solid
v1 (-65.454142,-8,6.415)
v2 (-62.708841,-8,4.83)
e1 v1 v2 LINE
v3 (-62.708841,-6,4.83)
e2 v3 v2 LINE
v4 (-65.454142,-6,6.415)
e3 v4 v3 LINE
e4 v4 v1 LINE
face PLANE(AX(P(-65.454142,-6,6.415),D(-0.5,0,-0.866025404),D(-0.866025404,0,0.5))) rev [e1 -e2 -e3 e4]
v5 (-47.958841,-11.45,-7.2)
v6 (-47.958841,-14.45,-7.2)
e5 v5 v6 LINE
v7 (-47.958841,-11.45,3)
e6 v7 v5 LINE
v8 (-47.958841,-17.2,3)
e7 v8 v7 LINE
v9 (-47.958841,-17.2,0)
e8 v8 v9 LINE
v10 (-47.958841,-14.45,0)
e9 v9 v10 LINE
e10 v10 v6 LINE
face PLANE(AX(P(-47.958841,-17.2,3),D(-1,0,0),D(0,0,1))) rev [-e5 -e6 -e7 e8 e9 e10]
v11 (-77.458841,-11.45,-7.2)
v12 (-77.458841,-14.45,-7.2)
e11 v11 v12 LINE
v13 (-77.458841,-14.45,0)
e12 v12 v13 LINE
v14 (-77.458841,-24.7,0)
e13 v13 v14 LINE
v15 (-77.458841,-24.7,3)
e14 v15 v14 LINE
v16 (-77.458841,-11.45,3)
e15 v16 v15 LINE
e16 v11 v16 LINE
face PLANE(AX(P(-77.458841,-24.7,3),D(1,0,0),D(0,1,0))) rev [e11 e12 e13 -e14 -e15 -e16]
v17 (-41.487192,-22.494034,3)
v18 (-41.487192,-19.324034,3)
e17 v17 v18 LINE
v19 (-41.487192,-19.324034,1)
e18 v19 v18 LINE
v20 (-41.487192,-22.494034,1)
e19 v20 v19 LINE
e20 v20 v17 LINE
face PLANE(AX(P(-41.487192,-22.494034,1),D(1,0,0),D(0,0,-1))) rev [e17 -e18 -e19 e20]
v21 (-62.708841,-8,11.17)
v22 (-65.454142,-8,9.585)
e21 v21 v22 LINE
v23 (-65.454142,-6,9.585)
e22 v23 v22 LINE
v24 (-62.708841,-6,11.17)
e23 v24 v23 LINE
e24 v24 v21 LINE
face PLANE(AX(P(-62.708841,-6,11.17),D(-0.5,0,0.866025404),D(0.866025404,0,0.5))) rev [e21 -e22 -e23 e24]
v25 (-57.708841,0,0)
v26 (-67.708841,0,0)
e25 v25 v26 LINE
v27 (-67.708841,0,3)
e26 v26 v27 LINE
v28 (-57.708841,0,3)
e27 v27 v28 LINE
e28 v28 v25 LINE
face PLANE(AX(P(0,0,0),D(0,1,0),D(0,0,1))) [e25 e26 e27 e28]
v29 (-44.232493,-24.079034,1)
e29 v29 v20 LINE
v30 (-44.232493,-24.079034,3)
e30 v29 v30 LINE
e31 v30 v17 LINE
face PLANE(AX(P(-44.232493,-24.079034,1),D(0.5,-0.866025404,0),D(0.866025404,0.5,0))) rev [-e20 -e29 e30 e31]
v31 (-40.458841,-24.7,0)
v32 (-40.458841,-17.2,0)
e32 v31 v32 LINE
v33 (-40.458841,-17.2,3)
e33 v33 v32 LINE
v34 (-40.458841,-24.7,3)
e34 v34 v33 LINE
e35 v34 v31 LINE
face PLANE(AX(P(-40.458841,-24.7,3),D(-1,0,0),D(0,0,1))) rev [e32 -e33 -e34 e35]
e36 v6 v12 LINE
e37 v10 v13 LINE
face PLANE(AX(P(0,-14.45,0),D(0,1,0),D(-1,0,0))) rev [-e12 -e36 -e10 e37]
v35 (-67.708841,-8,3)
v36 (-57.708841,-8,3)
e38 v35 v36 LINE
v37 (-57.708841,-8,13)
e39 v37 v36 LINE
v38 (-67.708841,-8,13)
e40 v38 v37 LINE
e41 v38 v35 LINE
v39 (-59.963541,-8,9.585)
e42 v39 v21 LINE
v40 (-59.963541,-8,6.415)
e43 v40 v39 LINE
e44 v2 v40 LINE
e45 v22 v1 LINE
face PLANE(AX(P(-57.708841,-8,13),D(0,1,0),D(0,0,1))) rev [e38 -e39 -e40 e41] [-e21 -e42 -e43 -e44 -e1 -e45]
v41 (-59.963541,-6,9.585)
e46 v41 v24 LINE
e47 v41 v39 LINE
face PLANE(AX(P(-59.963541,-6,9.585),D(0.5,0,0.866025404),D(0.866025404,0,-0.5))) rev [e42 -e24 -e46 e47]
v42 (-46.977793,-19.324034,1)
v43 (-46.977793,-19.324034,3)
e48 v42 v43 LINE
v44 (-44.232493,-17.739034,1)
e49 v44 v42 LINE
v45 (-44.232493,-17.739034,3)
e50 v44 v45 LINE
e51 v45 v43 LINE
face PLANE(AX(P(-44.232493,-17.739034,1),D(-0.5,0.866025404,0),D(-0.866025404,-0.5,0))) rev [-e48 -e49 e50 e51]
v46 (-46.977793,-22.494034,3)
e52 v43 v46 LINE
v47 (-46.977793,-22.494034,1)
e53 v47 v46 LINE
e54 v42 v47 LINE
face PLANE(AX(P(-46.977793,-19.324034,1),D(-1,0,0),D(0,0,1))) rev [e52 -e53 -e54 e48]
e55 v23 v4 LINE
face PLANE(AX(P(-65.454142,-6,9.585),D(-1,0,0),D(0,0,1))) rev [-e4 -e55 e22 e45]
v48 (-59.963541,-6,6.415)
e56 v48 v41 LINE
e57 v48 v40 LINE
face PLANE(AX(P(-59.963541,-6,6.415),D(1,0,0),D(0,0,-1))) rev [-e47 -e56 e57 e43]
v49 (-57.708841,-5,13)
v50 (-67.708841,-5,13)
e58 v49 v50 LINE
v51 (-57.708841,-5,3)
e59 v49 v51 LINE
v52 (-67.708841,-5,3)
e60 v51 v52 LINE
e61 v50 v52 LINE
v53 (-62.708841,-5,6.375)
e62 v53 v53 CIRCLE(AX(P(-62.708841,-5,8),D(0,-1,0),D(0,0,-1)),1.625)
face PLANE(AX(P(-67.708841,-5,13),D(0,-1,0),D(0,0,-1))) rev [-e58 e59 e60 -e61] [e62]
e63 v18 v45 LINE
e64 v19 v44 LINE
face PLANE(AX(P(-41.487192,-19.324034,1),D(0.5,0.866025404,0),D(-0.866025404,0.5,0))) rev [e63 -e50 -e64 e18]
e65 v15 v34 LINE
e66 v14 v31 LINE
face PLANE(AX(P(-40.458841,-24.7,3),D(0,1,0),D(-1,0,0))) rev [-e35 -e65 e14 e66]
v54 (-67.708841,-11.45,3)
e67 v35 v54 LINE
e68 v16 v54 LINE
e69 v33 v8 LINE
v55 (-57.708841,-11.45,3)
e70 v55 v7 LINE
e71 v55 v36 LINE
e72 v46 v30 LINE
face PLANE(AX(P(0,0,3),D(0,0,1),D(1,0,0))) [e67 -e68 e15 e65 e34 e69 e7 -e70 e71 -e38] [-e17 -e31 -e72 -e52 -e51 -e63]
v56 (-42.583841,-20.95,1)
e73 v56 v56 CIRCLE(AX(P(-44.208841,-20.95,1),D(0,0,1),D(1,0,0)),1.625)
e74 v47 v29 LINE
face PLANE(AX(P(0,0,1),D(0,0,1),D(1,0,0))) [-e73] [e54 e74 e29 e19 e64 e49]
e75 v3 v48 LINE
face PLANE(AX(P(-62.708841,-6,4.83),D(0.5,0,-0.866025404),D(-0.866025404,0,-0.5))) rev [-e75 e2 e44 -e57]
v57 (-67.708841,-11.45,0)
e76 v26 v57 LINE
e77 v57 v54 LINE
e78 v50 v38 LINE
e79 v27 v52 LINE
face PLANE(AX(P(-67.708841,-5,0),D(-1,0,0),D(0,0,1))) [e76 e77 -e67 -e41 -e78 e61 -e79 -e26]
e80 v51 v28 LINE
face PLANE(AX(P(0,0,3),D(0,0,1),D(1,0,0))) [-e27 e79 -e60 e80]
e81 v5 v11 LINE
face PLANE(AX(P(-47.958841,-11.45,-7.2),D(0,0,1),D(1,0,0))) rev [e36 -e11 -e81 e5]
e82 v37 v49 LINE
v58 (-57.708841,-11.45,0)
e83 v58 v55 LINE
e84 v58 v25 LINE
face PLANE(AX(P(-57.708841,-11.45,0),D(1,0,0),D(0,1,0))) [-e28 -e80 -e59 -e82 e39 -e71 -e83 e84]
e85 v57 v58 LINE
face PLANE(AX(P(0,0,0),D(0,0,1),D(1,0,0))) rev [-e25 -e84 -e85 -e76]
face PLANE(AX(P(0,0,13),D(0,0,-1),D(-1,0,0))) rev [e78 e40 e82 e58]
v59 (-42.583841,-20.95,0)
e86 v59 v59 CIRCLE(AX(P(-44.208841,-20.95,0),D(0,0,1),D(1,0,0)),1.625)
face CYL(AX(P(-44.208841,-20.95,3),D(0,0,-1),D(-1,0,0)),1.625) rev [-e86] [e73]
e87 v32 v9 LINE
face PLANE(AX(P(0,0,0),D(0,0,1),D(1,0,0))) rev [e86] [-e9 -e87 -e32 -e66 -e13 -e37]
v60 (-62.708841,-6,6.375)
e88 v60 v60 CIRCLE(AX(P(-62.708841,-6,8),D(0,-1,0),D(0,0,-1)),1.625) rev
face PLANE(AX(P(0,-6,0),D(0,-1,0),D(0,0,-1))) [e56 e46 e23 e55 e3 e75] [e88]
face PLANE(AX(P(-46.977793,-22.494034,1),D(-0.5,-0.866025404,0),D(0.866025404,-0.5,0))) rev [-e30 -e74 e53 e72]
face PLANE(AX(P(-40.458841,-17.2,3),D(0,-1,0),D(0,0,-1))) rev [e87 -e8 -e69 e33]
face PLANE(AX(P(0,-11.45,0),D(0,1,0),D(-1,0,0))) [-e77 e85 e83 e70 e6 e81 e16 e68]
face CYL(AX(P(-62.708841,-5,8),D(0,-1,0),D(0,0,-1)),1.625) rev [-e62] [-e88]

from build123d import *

# Parameters (mm, degrees)
CROQUIS1_R              = 1.625
SALIENTE_EXTRUIR1_DEPTH = 3
CORTAR_EXTRUIR1_DEPTH   = 2
CROQUIS4_W              = 29.5
CROQUIS4_H              = 10.2
SALIENTE_EXTRUIR2_DEPTH = 3
SALIENTE_EXTRUIR3_DEPTH = 3
CROQUIS7_W              = 10
CROQUIS7_H              = 3
SALIENTE_EXTRUIR4_DEPTH = 5
CROQUIS9_W              = 10
CROQUIS9_H              = 3
SALIENTE_EXTRUIR5_DEPTH = 10
CROQUIS10_R             = 1.625
CORTAR_EXTRUIR2_DEPTH   = 3
CORTAR_EXTRUIR3_DEPTH   = 2


with BuildPart() as part:
    # Croquis1 → Saliente-Extruir1 (new body)
    with BuildSketch(Plane.XY):
        Polygon((-40.458841365, -24.7), (-77.458841365, -24.7), (-77.458841365, -14.45), (-47.958841365, -14.45), (-47.958841365, -17.2), (-40.458841365, -17.2), align=None)
        with Locations((-44.208841365, -20.95)):
            Circle(CROQUIS1_R, mode=Mode.SUBTRACT)
    extrude(amount=SALIENTE_EXTRUIR1_DEPTH)

    # Croquis2 → Cortar-Extruir1 (cut)
    with BuildSketch(Plane.XY.offset(3)):
        Polygon((-44.232492922, -17.739034302), (-46.977793452, -19.324034302), (-46.977793452, -22.494034302), (-44.232492922, -24.079034302), (-41.487192392, -22.494034302), (-41.487192392, -19.324034302), align=None)
    extrude(amount=-CORTAR_EXTRUIR1_DEPTH, mode=Mode.SUBTRACT)

    # Croquis4 → Saliente-Extruir2 (add)
    with BuildSketch(Plane(origin=(0, -14.45, 0), x_dir=(1, 0, 0), z_dir=(0, 1, 0))):
        with Locations((-62.708841365, 2.1)):
            Rectangle(CROQUIS4_W, CROQUIS4_H)
    extrude(amount=SALIENTE_EXTRUIR2_DEPTH)

    # Croquis6 → Saliente-Extruir3 (add)
    with BuildSketch(Plane.XY.offset(3)):
        Polygon((-62.708841365, -11.45), (-67.708841365, -11.45), (-67.708841365, -5), (-57.708841365, -5), (-57.708841365, -11.45), align=None)
    extrude(amount=-SALIENTE_EXTRUIR3_DEPTH)

    # Croquis7 → Saliente-Extruir4 (add)
    with BuildSketch(Plane(origin=(0, -5, 0), x_dir=(1, 0, 0), z_dir=(0, 1, 0))):
        with Locations((-62.708841365, -1.5)):
            Rectangle(CROQUIS7_W, CROQUIS7_H)
    extrude(amount=SALIENTE_EXTRUIR4_DEPTH)

    # Croquis9 → Saliente-Extruir5 (add)
    with BuildSketch(Plane.XY.offset(3)):
        with Locations((-62.708841365, -6.5)):
            Rectangle(CROQUIS9_W, CROQUIS9_H)
    extrude(amount=SALIENTE_EXTRUIR5_DEPTH)

    # Croquis10 → Cortar-Extruir2 (cut)
    with BuildSketch(Plane.XZ.offset(8)):
        with Locations(Location((-62.708841365, 8, 0), (0, 0, 270))):
            Circle(CROQUIS10_R)
    extrude(amount=-CORTAR_EXTRUIR2_DEPTH, mode=Mode.SUBTRACT)

    # Croquis11 → Cortar-Extruir3 (cut)
    with BuildSketch(Plane.XZ.offset(8)):
        Polygon((-62.708841365, 4.83), (-59.963540835, 6.415), (-59.963540835, 9.585), (-62.708841365, 11.17), (-65.454141895, 9.585), (-65.454141895, 6.415), align=None)
    extrude(amount=-CORTAR_EXTRUIR3_DEPTH, mode=Mode.SUBTRACT)


solid = part.part
